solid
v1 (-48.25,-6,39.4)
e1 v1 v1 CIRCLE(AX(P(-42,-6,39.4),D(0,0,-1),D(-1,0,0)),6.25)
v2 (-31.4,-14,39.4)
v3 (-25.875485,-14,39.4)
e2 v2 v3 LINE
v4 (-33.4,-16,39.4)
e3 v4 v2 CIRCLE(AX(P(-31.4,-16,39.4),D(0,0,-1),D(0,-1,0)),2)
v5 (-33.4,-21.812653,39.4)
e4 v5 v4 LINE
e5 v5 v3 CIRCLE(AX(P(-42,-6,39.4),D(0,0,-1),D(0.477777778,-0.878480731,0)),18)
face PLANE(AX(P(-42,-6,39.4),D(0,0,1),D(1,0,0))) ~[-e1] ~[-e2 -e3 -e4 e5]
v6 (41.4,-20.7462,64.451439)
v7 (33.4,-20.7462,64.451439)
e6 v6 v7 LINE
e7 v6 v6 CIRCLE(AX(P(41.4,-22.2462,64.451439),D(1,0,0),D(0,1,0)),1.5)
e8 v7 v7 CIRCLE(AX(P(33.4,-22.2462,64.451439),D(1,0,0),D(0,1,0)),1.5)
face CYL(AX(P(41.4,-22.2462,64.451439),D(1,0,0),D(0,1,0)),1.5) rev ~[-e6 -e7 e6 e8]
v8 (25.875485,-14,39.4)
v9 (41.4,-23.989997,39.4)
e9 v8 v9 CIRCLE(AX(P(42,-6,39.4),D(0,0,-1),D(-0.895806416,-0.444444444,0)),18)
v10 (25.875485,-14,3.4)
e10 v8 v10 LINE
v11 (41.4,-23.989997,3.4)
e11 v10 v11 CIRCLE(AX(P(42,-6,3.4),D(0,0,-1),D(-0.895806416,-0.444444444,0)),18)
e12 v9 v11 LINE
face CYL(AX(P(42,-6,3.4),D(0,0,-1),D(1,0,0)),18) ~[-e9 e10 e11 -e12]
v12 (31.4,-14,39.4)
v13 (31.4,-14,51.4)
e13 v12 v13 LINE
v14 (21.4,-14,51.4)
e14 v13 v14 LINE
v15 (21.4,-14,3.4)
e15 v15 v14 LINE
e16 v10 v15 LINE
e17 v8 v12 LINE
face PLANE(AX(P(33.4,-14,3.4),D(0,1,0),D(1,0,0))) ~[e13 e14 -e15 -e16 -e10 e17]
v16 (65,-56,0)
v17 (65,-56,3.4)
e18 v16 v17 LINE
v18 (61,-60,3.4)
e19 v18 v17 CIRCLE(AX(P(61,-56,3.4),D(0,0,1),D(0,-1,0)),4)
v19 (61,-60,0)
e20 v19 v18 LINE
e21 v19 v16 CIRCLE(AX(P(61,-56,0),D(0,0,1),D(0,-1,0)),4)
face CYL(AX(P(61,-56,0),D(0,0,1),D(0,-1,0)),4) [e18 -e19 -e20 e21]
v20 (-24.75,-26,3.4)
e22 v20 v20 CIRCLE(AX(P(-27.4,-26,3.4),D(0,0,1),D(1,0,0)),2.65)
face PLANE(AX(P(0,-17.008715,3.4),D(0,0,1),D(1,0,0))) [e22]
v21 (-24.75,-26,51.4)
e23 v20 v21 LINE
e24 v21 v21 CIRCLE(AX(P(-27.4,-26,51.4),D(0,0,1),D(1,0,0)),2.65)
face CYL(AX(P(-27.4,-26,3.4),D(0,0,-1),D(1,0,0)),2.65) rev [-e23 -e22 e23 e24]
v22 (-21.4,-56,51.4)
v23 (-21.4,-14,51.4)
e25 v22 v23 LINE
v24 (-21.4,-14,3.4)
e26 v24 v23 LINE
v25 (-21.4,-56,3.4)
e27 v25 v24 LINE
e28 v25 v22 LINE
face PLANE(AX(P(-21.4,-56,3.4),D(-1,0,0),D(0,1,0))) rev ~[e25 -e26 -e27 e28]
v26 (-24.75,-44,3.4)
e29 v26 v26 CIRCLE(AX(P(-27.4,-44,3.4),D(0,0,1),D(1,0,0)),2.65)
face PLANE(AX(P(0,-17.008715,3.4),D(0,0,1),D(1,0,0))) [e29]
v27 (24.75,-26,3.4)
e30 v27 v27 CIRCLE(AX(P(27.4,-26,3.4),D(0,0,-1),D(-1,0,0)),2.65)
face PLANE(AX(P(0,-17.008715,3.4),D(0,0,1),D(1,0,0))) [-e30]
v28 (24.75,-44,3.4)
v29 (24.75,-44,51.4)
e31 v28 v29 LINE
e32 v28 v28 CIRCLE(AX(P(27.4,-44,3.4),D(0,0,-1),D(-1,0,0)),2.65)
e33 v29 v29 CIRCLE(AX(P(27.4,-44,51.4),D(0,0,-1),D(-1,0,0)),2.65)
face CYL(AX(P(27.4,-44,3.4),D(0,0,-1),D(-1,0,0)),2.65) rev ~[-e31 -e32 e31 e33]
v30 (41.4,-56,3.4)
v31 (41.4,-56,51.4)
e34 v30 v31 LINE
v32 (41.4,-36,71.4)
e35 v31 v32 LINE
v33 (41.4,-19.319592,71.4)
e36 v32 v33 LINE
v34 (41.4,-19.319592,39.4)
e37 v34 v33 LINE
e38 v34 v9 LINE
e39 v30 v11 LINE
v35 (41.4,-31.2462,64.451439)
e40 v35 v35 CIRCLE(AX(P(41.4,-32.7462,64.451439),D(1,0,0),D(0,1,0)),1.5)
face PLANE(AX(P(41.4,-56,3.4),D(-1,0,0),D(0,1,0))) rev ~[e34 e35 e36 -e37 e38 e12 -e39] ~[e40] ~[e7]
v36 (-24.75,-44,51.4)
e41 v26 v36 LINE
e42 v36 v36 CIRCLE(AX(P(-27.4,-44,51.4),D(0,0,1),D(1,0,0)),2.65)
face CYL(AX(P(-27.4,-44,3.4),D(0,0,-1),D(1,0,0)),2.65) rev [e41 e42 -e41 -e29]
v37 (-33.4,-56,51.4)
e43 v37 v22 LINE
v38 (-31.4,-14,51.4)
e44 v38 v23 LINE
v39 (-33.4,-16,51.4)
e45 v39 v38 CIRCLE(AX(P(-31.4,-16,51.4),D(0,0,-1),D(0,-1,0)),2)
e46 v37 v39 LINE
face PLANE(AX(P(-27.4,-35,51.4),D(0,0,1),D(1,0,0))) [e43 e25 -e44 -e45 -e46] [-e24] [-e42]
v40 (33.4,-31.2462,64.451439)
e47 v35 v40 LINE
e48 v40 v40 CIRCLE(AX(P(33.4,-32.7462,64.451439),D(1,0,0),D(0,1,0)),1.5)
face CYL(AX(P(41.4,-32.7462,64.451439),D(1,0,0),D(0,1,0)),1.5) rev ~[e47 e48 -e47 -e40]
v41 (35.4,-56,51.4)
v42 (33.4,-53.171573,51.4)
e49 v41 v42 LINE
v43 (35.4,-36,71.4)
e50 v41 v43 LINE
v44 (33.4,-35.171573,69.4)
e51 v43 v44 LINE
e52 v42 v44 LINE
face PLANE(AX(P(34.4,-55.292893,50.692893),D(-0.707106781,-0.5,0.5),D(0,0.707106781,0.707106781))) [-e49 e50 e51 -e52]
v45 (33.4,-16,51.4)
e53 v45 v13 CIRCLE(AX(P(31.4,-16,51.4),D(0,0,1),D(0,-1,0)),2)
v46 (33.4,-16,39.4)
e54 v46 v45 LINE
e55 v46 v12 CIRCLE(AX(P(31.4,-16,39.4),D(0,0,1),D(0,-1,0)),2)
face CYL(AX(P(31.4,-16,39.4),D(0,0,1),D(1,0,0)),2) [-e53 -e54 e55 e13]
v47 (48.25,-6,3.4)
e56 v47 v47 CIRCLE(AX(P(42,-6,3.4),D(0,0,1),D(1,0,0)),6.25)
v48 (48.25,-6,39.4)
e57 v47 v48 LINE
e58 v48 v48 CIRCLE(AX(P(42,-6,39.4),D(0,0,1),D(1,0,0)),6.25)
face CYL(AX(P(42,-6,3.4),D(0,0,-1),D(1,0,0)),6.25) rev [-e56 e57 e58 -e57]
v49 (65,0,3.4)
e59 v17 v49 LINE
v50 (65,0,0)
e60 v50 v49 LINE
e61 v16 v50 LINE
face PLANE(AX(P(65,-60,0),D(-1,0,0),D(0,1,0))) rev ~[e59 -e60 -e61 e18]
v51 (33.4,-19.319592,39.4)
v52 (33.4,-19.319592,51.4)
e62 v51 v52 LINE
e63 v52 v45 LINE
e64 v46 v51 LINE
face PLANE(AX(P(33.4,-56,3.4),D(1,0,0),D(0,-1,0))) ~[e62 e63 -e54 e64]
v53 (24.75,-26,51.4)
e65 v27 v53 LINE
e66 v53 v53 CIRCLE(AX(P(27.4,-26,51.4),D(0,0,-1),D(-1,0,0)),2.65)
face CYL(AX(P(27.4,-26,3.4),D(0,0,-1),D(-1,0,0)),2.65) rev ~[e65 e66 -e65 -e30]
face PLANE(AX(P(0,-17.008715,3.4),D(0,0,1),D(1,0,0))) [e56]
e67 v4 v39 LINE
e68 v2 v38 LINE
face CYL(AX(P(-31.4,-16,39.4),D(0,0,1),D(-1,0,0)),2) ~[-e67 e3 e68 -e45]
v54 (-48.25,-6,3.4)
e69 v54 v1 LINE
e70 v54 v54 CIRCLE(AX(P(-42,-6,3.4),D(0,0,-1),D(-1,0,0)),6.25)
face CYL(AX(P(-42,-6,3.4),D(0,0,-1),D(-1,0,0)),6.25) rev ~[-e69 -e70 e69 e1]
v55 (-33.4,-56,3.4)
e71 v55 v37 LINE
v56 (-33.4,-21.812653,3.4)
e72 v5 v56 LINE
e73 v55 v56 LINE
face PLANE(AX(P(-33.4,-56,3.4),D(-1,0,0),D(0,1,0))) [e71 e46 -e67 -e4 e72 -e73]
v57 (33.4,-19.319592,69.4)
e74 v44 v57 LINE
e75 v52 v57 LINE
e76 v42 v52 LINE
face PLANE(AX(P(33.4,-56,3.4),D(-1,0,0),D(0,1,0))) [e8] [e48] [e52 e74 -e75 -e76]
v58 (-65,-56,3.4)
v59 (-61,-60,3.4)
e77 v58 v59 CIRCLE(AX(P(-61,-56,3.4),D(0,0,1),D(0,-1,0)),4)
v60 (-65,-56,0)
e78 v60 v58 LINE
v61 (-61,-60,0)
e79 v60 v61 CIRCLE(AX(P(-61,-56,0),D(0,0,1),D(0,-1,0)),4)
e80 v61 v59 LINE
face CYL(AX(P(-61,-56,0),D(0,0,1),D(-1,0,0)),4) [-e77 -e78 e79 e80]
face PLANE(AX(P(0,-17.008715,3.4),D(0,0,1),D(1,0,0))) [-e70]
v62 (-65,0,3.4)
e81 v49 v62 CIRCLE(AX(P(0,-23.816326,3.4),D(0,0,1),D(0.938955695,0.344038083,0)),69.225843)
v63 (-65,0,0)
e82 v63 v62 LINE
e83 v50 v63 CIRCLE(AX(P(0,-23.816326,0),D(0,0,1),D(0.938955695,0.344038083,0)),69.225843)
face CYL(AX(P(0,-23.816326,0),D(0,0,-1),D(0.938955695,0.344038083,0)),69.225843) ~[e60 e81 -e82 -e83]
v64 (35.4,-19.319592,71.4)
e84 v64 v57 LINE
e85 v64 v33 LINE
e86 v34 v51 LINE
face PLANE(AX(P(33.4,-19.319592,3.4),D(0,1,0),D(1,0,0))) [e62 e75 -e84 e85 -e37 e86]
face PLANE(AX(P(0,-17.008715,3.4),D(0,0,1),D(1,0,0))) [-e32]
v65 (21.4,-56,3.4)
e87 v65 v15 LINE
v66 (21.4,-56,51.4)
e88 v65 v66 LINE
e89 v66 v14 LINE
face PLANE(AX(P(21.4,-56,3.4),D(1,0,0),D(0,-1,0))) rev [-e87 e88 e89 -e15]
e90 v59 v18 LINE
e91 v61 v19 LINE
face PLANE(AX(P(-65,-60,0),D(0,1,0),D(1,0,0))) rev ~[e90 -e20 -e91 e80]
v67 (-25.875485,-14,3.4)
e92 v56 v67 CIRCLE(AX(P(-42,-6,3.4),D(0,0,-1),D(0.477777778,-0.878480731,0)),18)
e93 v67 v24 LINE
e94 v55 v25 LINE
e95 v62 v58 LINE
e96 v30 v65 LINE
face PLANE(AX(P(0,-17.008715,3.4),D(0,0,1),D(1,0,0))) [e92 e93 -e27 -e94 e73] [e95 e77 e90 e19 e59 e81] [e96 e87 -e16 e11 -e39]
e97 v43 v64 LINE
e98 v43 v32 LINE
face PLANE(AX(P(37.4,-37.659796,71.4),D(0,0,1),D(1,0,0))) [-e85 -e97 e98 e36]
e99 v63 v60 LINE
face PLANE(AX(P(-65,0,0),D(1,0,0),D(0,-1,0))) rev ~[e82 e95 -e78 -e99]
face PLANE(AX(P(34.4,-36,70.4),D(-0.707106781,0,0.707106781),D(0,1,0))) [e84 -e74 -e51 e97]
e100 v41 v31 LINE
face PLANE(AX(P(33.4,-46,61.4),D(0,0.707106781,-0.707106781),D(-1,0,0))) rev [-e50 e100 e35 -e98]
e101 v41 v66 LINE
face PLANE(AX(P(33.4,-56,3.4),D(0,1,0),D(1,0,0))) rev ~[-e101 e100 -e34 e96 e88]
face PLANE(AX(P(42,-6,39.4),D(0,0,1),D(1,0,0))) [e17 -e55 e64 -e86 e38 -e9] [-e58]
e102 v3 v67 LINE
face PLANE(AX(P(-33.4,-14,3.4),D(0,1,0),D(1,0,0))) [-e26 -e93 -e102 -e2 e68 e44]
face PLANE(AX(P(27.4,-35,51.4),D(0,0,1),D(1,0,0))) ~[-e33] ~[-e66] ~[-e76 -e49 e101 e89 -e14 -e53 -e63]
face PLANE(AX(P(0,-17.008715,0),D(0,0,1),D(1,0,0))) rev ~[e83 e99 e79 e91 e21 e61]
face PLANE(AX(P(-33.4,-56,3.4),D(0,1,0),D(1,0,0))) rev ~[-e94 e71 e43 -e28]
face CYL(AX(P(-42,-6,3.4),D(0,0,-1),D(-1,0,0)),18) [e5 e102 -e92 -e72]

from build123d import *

# Parameters (mm, degrees)
PAD_DEPTH       = 3.4
FILLET_R        = 4
SKETCH001_R     = 18
SKETCH001_R_2   = 6.25
PAD001_DEPTH    = 36
SKETCH002_W     = 12
SKETCH002_H     = 42
SKETCH002_R     = 2.65
PAD002_DEPTH    = 48
FILLET002_R     = 2
SKETCH004_W     = 8
SKETCH004_H     = 36.680408
PAD010_DEPTH    = 68
CHAMFER_SIZE    = 20
CHAMFER001_SIZE = 2
SKETCH005_R     = 1.5
POCKET_DEPTH    = 10


with BuildPart() as part:
    # Sketch → Pad (new body)
    with BuildSketch(Plane.XY):
        with BuildLine():
            Line((-65, 0), (-65, -60))
            Line((-65, -60), (65, -60))
            Line((65, -60), (65, 0))
            ThreePointArc((65, 0), (0, 45.409517), (-65, 0))
        make_face()
    extrude(amount=PAD_DEPTH)

    # Fillet
    fillet_edges = [part.edges().sort_by_distance(p)[0] for p in [
        (65, -60, 1.7),
        (-65, -60, 1.7),
    ]]
    fillet(fillet_edges, radius=FILLET_R)

    # Sketch001 (on Face6 of Pad) → Pad001 (join)
    with BuildSketch(Plane.XY.offset(3.4)):
        with Locations((42, -6)):
            Circle(SKETCH001_R)
        with Locations((42, -6)):
            Circle(SKETCH001_R_2, mode=Mode.SUBTRACT)
    pad001 = extrude(amount=PAD001_DEPTH)

    # Mirrored: Pad001 across YZ
    add(pad001.mirror(Plane.YZ))

    # Sketch002 (on Face5 of Mirrored) → Pad002 (join)
    with BuildSketch(Plane.XY.offset(3.4)):
        with Locations((-27.4, -35)):
            Rectangle(SKETCH002_W, SKETCH002_H)
        with Locations((-27.4, -26)):
            Circle(SKETCH002_R, mode=Mode.SUBTRACT)
        with Locations((-27.4, -44)):
            Circle(SKETCH002_R, mode=Mode.SUBTRACT)
    pad002 = extrude(amount=PAD002_DEPTH)

    # Mirrored001: Pad002 across Sketch002 V_Axis
    add(pad002.mirror(Plane(origin=(0, 0, 3.4), x_dir=(0, 0, 1), z_dir=(1, 0, 0))))

    # Fillet002
    fillet002_edges = [part.edges().sort_by_distance(p)[0] for p in [
        (33.4, -14, 45.4),
        (-33.4, -14, 45.4),
    ]]
    fillet(fillet002_edges, radius=FILLET002_R)

    # Sketch004 (on Face6 of Fillet002) → Pad010 (join)
    with BuildSketch(Plane.XY.offset(3.4)):
        with Locations((37.4, -37.659796)):
            Rectangle(SKETCH004_W, SKETCH004_H)
    extrude(amount=PAD010_DEPTH)

    # Chamfer
    chamfer_edges = [part.edges().sort_by_distance(p)[0] for p in [
        (37.4, -56, 71.4),
    ]]
    chamfer(chamfer_edges, length=CHAMFER_SIZE)

    # Chamfer001
    chamfer001_edges = [part.edges().sort_by_distance(p)[0] for p in [
        (33.4, -46, 61.4),
        (33.4, -27.659796, 71.4),
    ]]
    chamfer(chamfer001_edges, length=CHAMFER001_SIZE)

    # Sketch005 (on Face4 of Chamfer001) → Pocket (cut)
    with BuildSketch(Plane.YZ.offset(41.4)):
        with Locations((-32.7462, 64.451439)):
            Circle(SKETCH005_R)
        with Locations((-22.2462, 64.451439)):
            Circle(SKETCH005_R)
    extrude(amount=-POCKET_DEPTH, mode=Mode.SUBTRACT)


solid = part.part
